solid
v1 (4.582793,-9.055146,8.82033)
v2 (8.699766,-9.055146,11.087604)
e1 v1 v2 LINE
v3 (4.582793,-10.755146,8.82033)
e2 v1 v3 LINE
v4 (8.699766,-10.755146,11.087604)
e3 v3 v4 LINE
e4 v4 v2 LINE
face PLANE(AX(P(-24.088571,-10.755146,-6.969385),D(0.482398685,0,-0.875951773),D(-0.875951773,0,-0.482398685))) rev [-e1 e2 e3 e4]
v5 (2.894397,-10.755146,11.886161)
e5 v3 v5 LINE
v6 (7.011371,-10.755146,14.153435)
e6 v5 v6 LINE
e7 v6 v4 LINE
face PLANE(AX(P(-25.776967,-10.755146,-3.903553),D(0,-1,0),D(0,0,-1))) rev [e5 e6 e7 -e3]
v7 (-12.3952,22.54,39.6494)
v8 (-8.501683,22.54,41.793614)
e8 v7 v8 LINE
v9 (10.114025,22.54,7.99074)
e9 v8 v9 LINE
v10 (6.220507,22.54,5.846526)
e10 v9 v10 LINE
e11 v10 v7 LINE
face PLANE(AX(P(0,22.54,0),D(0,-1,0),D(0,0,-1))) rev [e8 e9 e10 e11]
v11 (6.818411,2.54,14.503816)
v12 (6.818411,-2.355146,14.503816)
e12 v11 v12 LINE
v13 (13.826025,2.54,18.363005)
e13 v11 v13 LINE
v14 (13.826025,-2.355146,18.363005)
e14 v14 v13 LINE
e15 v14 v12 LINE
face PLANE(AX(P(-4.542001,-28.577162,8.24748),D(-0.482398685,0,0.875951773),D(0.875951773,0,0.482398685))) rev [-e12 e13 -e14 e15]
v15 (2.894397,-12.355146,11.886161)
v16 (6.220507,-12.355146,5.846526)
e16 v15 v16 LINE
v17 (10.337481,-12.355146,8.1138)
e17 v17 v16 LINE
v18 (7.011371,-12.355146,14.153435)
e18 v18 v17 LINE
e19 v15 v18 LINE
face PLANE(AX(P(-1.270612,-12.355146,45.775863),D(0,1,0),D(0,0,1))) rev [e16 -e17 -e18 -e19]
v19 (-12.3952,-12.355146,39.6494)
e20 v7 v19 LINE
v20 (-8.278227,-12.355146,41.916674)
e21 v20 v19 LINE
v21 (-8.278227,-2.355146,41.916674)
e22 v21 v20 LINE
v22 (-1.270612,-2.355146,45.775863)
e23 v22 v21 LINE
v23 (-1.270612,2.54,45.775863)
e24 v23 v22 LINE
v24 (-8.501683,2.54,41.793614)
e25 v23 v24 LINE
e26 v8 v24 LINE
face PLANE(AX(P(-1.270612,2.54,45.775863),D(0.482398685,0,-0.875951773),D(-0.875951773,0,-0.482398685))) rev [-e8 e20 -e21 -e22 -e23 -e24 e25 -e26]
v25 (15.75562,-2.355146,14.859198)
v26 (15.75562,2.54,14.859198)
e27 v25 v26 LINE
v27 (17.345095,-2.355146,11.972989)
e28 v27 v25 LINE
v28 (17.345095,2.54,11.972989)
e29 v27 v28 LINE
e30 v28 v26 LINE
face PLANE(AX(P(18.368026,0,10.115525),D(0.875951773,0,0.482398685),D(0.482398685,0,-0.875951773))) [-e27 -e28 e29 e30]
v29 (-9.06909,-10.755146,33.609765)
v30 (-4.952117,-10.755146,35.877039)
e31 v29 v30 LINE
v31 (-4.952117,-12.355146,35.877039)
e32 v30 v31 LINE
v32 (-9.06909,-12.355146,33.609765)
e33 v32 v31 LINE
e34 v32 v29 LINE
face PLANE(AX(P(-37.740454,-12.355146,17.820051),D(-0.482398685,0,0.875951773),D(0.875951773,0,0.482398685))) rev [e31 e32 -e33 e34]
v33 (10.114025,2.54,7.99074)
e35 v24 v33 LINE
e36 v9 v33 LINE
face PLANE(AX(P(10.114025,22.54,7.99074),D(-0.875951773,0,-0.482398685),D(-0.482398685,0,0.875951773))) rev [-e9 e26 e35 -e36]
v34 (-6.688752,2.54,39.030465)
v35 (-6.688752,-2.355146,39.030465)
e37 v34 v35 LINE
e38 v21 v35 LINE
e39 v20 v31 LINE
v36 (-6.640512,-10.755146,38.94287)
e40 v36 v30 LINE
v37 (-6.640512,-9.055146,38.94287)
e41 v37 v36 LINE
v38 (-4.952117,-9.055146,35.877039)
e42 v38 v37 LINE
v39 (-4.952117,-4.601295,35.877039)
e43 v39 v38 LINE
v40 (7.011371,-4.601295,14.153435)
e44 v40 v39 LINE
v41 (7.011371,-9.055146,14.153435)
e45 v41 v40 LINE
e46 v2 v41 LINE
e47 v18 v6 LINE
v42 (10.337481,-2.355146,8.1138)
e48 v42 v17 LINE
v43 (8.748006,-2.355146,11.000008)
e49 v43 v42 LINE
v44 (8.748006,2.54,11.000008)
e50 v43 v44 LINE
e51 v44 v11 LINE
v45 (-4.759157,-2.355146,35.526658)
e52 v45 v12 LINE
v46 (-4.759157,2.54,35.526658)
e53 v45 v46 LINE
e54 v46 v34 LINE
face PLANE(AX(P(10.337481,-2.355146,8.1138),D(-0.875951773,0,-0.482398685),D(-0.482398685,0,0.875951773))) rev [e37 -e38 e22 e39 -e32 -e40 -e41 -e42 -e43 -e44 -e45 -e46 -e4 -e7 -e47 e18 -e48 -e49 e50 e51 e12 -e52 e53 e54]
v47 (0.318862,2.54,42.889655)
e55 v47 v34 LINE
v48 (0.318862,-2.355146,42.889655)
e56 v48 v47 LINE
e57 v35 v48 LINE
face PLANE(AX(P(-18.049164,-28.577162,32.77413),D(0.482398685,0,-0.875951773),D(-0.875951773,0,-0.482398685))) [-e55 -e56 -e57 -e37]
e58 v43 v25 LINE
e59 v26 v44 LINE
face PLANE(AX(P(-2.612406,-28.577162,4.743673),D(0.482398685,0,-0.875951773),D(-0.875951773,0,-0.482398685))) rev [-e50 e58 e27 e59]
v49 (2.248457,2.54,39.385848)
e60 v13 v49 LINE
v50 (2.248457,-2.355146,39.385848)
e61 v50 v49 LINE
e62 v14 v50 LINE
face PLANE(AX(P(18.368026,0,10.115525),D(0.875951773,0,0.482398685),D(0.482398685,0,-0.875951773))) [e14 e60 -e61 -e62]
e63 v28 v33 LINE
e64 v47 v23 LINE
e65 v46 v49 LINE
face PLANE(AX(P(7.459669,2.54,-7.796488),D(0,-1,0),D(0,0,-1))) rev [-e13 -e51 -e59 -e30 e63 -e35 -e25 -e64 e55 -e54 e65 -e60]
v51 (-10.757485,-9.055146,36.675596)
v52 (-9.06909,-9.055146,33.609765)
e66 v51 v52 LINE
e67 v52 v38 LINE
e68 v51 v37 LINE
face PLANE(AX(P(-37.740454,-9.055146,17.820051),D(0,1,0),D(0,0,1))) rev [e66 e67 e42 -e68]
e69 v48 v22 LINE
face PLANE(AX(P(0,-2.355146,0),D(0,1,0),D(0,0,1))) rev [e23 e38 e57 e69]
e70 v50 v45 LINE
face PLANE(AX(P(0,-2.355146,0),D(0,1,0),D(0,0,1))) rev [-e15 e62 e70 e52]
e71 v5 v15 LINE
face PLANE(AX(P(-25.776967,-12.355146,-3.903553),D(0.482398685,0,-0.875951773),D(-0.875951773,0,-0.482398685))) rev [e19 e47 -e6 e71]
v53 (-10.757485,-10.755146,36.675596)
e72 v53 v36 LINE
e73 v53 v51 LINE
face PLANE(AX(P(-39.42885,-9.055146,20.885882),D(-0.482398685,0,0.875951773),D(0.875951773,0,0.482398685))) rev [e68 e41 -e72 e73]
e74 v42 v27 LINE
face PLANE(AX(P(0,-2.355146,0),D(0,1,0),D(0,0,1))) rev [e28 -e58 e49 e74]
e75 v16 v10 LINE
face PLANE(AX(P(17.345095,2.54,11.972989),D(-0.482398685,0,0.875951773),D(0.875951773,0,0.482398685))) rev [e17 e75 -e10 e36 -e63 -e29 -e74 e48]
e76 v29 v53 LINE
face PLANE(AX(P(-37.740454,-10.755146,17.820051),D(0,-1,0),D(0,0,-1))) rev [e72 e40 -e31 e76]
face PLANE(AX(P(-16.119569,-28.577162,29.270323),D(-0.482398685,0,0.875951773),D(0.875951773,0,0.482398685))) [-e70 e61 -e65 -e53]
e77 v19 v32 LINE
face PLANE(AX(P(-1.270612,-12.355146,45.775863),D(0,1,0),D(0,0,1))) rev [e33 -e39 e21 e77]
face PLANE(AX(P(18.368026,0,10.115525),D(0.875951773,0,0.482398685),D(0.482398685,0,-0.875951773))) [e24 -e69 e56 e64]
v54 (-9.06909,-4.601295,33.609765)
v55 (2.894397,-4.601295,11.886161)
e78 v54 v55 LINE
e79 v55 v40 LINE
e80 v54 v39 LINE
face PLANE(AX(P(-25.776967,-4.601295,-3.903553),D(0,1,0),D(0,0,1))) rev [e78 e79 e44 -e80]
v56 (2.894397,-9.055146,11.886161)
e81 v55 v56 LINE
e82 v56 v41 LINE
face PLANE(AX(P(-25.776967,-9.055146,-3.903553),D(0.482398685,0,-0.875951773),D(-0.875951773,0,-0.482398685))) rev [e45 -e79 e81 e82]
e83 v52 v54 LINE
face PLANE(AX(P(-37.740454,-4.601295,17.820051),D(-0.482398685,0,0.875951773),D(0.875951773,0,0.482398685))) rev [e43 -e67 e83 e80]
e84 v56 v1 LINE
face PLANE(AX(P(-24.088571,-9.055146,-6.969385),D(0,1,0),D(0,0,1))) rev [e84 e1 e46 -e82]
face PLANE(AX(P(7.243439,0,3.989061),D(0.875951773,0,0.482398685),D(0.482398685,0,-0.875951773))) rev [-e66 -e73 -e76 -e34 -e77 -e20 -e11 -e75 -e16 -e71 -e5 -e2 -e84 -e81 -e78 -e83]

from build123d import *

# Parameters (mm, degrees)
SKETCH1_R           = 1.9431
BOSS_EXTRUDE1_DEPTH = 2.54
SKETCH2_W           = 38.589880166
SKETCH2_H           = 14.895146316
BOSS_EXTRUDE2_DEPTH = 12.7
CUT_EXTRUDE1_REACH  = 53.659
CUT_EXTRUDE2_DEPTH  = 10
BOSS_EXTRUDE3_DEPTH = 4.7
CUT_EXTRUDE3_DEPTH  = 4.7
CUT_EXTRUDE6_DEPTH  = 51.984917616
BOSS_EXTRUDE4_DEPTH = 20


with BuildPart() as part:
    # Sketch1 → Boss-Extrude1 (new body)
    with BuildSketch(Plane(origin=(0, 0, 0), x_dir=(1, 0, 0), z_dir=(0, 1, 0))):
        with BuildLine():
            Line((-18.7452, 4.565139349), (-2.394218959, 4.565139349))
            ThreePointArc((-2.394218959, 4.565139349), (0.884862389, -0.223028162), (6.223, -2.499694465))
            Line((6.223, -2.499694465), (6.223, -5.842))
            Line((6.223, -5.842), (-12.3952, -39.6494))
            Line((-12.3952, -39.6494), (-18.7452, -39.6494))
            Line((-18.7452, -39.6494), (-18.7452, -5.842))
            Line((-18.7452, -5.842), (-18.7452, 4.565139349))
        make_face()
        with Locations(Location((-15.9512, -28.3464, 0), (0, 0, 270))):
            Circle(SKETCH1_R, mode=Mode.SUBTRACT)
        with Locations(Location((-15.9512, -2.0574, 0), (0, 0, 270))):
            Circle(SKETCH1_R, mode=Mode.SUBTRACT)
    extrude(amount=BOSS_EXTRUDE1_DEPTH)

    # Sketch2 → Boss-Extrude2 (add)
    with BuildSketch(Plane(origin=(7.243438798, 0, 3.989061337), x_dir=(0.48239868494869226, 0, -0.8759517730787308), z_dir=(0.875951773078731, 0, 0.4823986849486923))):
        with Locations((-21.415450328, -4.907573158)):
            Rectangle(SKETCH2_W, SKETCH2_H)
    extrude(amount=BOSS_EXTRUDE2_DEPTH)

    # Cut-Extrude1: up to this face of the body (flat: up to its plane)
    cut_extrude1_end = Plane(part.part.faces().sort_by_distance((2.474947481, -12.355146316, 25.811194672))[0])
    # Sketch3 → Cut-Extrude1 (cut, up to the picked face)
    with BuildSketch(Plane(origin=(0, 2.54, 0), x_dir=(1, 0, 0), z_dir=(0, 1, 0)), mode=Mode.PRIVATE) as cut_extrude1_sk1:
        Polygon((0.318862281, -42.889654691), (2.248457021, -39.385847599), (-8.876130497, -33.2593843), (-10.805725237, -36.763191392), align=None)
    cut_extrude1_tool1 = split(extrude(cut_extrude1_sk1.sketch, amount=-CUT_EXTRUDE1_REACH, mode=Mode.PRIVATE), bisect_by=cut_extrude1_end, keep=Keep.BOTH, mode=Mode.PRIVATE)
    # Sketch3 → Cut-Extrude1 (cut, up to the picked face)
    with BuildSketch(Plane(origin=(0, 2.54, 0), x_dir=(1, 0, 0), z_dir=(0, 1, 0)), mode=Mode.PRIVATE) as cut_extrude1_sk2:
        Polygon((13.82602546, -18.363005045), (15.7556202, -14.859197952), (4.631032681, -8.732734653), (2.701437942, -12.236541746), align=None)
    cut_extrude1_tool2 = split(extrude(cut_extrude1_sk2.sketch, amount=-CUT_EXTRUDE1_REACH, mode=Mode.PRIVATE), bisect_by=cut_extrude1_end, keep=Keep.BOTH, mode=Mode.PRIVATE)
    add(cut_extrude1_tool1.solids().sort_by(Axis((-4.278634, 2.54, 38.074519), (0, -1, 0)))[0], mode=Mode.SUBTRACT)
    add(cut_extrude1_tool2.solids().sort_by(Axis((9.228529, 2.54, 13.54787), (0, -1, 0)))[0], mode=Mode.SUBTRACT)

    # Sketch5 → Cut-Extrude2 (cut)
    with BuildSketch(Plane.XZ.offset(12.355146316)):
        Polygon((-1.270612482, 45.775863299), (17.345094963, 11.972989344), (10.337480778, 8.113799865), (-8.278226667, 41.916673819), align=None)
    extrude(amount=-CUT_EXTRUDE2_DEPTH, mode=Mode.SUBTRACT)

    # Sketch6 → Boss-Extrude3 (add)
    with BuildSketch(Plane(origin=(11.360412132, 0, 6.256335156), x_dir=(0.4823986849486924, 0, -0.8759517730787308), z_dir=(0.8759517730787307, 0, 0.48239868494869237))):
        Polygon((-33.415450328, -2.355146316), (-33.415450328, -12.355146316), (-37.415450328, -12.355146316), (-37.415450328, -2.355146316), (-37.415450328, 2.54), (-33.415450328, 2.54), align=None)
        Polygon((-9.415450328, -12.355146316), (-9.415450328, -2.355146316), (-9.415450328, 2.54), (-5.415450328, 2.54), (-5.415450328, -2.355146316), (-5.415450328, -12.355146316), align=None)
    extrude(amount=-BOSS_EXTRUDE3_DEPTH)

    # Sketch7 → Cut-Extrude3 (cut)
    with BuildSketch(Plane(origin=(11.360412132, 0, 6.256335156), x_dir=(0.4823986849486924, 0, -0.8759517730787308), z_dir=(0.8759517730787307, 0, 0.48239868494869237))):
        Polygon((-21.415450328, -12.355146316), (-33.815450328, -12.355146316), (-33.815450328, -10.755146316), (-37.315450328, -10.755146316), (-37.315450328, -9.055146316), (-33.815450328, -9.055146316), (-33.815450328, -4.601295169), (-9.015450328, -4.601295169), (-9.015450328, -9.055146316), (-5.515450328, -9.055146316), (-5.515450328, -10.755146316), (-9.015450328, -10.755146316), (-9.015450328, -12.355146316), align=None)
    extrude(amount=-CUT_EXTRUDE3_DEPTH, mode=Mode.SUBTRACT)

    # Sketch8 → Cut-Extrude6 (cut, through all)
    with BuildSketch(Plane.XZ):
        with BuildLine():
            Line((-18.7452, 39.6494), (-18.7452, -4.565139349))
            Line((-18.7452, -4.565139349), (-2.394218959, -4.565139349))
            ThreePointArc((-2.394218959, -4.565139349), (0.884862389, 0.223028162), (6.223, 2.499694465))
            Line((6.223, 2.499694465), (6.417585038, 2.467761903))
            Line((6.417585038, 2.467761903), (6.417585038, 5.846526045))
            Line((6.417585038, 5.846526045), (6.220507445, 5.846526045))
            Line((6.220507445, 5.846526045), (-12.3952, 39.6494))
            Line((-12.3952, 39.6494), (-12.3952, 39.814053402))
            Line((-12.3952, 39.814053402), (-18.7452, 39.848024464))
            Line((-18.7452, 39.848024464), (-18.7452, 39.6494))
        make_face()
    extrude(amount=-CUT_EXTRUDE6_DEPTH, mode=Mode.SUBTRACT)

    # Sketch11 → Boss-Extrude4 (add)
    with BuildSketch(Plane(origin=(0, 2.54, 0), x_dir=(1, 0, 0), z_dir=(0, 1, 0))):
        Polygon((6.220507445, -5.846526045), (-12.3952, -39.6494), (-8.50168256, -41.793613586), (10.114024885, -7.990739632), align=None)
    extrude(amount=BOSS_EXTRUDE4_DEPTH)


solid = part.part
